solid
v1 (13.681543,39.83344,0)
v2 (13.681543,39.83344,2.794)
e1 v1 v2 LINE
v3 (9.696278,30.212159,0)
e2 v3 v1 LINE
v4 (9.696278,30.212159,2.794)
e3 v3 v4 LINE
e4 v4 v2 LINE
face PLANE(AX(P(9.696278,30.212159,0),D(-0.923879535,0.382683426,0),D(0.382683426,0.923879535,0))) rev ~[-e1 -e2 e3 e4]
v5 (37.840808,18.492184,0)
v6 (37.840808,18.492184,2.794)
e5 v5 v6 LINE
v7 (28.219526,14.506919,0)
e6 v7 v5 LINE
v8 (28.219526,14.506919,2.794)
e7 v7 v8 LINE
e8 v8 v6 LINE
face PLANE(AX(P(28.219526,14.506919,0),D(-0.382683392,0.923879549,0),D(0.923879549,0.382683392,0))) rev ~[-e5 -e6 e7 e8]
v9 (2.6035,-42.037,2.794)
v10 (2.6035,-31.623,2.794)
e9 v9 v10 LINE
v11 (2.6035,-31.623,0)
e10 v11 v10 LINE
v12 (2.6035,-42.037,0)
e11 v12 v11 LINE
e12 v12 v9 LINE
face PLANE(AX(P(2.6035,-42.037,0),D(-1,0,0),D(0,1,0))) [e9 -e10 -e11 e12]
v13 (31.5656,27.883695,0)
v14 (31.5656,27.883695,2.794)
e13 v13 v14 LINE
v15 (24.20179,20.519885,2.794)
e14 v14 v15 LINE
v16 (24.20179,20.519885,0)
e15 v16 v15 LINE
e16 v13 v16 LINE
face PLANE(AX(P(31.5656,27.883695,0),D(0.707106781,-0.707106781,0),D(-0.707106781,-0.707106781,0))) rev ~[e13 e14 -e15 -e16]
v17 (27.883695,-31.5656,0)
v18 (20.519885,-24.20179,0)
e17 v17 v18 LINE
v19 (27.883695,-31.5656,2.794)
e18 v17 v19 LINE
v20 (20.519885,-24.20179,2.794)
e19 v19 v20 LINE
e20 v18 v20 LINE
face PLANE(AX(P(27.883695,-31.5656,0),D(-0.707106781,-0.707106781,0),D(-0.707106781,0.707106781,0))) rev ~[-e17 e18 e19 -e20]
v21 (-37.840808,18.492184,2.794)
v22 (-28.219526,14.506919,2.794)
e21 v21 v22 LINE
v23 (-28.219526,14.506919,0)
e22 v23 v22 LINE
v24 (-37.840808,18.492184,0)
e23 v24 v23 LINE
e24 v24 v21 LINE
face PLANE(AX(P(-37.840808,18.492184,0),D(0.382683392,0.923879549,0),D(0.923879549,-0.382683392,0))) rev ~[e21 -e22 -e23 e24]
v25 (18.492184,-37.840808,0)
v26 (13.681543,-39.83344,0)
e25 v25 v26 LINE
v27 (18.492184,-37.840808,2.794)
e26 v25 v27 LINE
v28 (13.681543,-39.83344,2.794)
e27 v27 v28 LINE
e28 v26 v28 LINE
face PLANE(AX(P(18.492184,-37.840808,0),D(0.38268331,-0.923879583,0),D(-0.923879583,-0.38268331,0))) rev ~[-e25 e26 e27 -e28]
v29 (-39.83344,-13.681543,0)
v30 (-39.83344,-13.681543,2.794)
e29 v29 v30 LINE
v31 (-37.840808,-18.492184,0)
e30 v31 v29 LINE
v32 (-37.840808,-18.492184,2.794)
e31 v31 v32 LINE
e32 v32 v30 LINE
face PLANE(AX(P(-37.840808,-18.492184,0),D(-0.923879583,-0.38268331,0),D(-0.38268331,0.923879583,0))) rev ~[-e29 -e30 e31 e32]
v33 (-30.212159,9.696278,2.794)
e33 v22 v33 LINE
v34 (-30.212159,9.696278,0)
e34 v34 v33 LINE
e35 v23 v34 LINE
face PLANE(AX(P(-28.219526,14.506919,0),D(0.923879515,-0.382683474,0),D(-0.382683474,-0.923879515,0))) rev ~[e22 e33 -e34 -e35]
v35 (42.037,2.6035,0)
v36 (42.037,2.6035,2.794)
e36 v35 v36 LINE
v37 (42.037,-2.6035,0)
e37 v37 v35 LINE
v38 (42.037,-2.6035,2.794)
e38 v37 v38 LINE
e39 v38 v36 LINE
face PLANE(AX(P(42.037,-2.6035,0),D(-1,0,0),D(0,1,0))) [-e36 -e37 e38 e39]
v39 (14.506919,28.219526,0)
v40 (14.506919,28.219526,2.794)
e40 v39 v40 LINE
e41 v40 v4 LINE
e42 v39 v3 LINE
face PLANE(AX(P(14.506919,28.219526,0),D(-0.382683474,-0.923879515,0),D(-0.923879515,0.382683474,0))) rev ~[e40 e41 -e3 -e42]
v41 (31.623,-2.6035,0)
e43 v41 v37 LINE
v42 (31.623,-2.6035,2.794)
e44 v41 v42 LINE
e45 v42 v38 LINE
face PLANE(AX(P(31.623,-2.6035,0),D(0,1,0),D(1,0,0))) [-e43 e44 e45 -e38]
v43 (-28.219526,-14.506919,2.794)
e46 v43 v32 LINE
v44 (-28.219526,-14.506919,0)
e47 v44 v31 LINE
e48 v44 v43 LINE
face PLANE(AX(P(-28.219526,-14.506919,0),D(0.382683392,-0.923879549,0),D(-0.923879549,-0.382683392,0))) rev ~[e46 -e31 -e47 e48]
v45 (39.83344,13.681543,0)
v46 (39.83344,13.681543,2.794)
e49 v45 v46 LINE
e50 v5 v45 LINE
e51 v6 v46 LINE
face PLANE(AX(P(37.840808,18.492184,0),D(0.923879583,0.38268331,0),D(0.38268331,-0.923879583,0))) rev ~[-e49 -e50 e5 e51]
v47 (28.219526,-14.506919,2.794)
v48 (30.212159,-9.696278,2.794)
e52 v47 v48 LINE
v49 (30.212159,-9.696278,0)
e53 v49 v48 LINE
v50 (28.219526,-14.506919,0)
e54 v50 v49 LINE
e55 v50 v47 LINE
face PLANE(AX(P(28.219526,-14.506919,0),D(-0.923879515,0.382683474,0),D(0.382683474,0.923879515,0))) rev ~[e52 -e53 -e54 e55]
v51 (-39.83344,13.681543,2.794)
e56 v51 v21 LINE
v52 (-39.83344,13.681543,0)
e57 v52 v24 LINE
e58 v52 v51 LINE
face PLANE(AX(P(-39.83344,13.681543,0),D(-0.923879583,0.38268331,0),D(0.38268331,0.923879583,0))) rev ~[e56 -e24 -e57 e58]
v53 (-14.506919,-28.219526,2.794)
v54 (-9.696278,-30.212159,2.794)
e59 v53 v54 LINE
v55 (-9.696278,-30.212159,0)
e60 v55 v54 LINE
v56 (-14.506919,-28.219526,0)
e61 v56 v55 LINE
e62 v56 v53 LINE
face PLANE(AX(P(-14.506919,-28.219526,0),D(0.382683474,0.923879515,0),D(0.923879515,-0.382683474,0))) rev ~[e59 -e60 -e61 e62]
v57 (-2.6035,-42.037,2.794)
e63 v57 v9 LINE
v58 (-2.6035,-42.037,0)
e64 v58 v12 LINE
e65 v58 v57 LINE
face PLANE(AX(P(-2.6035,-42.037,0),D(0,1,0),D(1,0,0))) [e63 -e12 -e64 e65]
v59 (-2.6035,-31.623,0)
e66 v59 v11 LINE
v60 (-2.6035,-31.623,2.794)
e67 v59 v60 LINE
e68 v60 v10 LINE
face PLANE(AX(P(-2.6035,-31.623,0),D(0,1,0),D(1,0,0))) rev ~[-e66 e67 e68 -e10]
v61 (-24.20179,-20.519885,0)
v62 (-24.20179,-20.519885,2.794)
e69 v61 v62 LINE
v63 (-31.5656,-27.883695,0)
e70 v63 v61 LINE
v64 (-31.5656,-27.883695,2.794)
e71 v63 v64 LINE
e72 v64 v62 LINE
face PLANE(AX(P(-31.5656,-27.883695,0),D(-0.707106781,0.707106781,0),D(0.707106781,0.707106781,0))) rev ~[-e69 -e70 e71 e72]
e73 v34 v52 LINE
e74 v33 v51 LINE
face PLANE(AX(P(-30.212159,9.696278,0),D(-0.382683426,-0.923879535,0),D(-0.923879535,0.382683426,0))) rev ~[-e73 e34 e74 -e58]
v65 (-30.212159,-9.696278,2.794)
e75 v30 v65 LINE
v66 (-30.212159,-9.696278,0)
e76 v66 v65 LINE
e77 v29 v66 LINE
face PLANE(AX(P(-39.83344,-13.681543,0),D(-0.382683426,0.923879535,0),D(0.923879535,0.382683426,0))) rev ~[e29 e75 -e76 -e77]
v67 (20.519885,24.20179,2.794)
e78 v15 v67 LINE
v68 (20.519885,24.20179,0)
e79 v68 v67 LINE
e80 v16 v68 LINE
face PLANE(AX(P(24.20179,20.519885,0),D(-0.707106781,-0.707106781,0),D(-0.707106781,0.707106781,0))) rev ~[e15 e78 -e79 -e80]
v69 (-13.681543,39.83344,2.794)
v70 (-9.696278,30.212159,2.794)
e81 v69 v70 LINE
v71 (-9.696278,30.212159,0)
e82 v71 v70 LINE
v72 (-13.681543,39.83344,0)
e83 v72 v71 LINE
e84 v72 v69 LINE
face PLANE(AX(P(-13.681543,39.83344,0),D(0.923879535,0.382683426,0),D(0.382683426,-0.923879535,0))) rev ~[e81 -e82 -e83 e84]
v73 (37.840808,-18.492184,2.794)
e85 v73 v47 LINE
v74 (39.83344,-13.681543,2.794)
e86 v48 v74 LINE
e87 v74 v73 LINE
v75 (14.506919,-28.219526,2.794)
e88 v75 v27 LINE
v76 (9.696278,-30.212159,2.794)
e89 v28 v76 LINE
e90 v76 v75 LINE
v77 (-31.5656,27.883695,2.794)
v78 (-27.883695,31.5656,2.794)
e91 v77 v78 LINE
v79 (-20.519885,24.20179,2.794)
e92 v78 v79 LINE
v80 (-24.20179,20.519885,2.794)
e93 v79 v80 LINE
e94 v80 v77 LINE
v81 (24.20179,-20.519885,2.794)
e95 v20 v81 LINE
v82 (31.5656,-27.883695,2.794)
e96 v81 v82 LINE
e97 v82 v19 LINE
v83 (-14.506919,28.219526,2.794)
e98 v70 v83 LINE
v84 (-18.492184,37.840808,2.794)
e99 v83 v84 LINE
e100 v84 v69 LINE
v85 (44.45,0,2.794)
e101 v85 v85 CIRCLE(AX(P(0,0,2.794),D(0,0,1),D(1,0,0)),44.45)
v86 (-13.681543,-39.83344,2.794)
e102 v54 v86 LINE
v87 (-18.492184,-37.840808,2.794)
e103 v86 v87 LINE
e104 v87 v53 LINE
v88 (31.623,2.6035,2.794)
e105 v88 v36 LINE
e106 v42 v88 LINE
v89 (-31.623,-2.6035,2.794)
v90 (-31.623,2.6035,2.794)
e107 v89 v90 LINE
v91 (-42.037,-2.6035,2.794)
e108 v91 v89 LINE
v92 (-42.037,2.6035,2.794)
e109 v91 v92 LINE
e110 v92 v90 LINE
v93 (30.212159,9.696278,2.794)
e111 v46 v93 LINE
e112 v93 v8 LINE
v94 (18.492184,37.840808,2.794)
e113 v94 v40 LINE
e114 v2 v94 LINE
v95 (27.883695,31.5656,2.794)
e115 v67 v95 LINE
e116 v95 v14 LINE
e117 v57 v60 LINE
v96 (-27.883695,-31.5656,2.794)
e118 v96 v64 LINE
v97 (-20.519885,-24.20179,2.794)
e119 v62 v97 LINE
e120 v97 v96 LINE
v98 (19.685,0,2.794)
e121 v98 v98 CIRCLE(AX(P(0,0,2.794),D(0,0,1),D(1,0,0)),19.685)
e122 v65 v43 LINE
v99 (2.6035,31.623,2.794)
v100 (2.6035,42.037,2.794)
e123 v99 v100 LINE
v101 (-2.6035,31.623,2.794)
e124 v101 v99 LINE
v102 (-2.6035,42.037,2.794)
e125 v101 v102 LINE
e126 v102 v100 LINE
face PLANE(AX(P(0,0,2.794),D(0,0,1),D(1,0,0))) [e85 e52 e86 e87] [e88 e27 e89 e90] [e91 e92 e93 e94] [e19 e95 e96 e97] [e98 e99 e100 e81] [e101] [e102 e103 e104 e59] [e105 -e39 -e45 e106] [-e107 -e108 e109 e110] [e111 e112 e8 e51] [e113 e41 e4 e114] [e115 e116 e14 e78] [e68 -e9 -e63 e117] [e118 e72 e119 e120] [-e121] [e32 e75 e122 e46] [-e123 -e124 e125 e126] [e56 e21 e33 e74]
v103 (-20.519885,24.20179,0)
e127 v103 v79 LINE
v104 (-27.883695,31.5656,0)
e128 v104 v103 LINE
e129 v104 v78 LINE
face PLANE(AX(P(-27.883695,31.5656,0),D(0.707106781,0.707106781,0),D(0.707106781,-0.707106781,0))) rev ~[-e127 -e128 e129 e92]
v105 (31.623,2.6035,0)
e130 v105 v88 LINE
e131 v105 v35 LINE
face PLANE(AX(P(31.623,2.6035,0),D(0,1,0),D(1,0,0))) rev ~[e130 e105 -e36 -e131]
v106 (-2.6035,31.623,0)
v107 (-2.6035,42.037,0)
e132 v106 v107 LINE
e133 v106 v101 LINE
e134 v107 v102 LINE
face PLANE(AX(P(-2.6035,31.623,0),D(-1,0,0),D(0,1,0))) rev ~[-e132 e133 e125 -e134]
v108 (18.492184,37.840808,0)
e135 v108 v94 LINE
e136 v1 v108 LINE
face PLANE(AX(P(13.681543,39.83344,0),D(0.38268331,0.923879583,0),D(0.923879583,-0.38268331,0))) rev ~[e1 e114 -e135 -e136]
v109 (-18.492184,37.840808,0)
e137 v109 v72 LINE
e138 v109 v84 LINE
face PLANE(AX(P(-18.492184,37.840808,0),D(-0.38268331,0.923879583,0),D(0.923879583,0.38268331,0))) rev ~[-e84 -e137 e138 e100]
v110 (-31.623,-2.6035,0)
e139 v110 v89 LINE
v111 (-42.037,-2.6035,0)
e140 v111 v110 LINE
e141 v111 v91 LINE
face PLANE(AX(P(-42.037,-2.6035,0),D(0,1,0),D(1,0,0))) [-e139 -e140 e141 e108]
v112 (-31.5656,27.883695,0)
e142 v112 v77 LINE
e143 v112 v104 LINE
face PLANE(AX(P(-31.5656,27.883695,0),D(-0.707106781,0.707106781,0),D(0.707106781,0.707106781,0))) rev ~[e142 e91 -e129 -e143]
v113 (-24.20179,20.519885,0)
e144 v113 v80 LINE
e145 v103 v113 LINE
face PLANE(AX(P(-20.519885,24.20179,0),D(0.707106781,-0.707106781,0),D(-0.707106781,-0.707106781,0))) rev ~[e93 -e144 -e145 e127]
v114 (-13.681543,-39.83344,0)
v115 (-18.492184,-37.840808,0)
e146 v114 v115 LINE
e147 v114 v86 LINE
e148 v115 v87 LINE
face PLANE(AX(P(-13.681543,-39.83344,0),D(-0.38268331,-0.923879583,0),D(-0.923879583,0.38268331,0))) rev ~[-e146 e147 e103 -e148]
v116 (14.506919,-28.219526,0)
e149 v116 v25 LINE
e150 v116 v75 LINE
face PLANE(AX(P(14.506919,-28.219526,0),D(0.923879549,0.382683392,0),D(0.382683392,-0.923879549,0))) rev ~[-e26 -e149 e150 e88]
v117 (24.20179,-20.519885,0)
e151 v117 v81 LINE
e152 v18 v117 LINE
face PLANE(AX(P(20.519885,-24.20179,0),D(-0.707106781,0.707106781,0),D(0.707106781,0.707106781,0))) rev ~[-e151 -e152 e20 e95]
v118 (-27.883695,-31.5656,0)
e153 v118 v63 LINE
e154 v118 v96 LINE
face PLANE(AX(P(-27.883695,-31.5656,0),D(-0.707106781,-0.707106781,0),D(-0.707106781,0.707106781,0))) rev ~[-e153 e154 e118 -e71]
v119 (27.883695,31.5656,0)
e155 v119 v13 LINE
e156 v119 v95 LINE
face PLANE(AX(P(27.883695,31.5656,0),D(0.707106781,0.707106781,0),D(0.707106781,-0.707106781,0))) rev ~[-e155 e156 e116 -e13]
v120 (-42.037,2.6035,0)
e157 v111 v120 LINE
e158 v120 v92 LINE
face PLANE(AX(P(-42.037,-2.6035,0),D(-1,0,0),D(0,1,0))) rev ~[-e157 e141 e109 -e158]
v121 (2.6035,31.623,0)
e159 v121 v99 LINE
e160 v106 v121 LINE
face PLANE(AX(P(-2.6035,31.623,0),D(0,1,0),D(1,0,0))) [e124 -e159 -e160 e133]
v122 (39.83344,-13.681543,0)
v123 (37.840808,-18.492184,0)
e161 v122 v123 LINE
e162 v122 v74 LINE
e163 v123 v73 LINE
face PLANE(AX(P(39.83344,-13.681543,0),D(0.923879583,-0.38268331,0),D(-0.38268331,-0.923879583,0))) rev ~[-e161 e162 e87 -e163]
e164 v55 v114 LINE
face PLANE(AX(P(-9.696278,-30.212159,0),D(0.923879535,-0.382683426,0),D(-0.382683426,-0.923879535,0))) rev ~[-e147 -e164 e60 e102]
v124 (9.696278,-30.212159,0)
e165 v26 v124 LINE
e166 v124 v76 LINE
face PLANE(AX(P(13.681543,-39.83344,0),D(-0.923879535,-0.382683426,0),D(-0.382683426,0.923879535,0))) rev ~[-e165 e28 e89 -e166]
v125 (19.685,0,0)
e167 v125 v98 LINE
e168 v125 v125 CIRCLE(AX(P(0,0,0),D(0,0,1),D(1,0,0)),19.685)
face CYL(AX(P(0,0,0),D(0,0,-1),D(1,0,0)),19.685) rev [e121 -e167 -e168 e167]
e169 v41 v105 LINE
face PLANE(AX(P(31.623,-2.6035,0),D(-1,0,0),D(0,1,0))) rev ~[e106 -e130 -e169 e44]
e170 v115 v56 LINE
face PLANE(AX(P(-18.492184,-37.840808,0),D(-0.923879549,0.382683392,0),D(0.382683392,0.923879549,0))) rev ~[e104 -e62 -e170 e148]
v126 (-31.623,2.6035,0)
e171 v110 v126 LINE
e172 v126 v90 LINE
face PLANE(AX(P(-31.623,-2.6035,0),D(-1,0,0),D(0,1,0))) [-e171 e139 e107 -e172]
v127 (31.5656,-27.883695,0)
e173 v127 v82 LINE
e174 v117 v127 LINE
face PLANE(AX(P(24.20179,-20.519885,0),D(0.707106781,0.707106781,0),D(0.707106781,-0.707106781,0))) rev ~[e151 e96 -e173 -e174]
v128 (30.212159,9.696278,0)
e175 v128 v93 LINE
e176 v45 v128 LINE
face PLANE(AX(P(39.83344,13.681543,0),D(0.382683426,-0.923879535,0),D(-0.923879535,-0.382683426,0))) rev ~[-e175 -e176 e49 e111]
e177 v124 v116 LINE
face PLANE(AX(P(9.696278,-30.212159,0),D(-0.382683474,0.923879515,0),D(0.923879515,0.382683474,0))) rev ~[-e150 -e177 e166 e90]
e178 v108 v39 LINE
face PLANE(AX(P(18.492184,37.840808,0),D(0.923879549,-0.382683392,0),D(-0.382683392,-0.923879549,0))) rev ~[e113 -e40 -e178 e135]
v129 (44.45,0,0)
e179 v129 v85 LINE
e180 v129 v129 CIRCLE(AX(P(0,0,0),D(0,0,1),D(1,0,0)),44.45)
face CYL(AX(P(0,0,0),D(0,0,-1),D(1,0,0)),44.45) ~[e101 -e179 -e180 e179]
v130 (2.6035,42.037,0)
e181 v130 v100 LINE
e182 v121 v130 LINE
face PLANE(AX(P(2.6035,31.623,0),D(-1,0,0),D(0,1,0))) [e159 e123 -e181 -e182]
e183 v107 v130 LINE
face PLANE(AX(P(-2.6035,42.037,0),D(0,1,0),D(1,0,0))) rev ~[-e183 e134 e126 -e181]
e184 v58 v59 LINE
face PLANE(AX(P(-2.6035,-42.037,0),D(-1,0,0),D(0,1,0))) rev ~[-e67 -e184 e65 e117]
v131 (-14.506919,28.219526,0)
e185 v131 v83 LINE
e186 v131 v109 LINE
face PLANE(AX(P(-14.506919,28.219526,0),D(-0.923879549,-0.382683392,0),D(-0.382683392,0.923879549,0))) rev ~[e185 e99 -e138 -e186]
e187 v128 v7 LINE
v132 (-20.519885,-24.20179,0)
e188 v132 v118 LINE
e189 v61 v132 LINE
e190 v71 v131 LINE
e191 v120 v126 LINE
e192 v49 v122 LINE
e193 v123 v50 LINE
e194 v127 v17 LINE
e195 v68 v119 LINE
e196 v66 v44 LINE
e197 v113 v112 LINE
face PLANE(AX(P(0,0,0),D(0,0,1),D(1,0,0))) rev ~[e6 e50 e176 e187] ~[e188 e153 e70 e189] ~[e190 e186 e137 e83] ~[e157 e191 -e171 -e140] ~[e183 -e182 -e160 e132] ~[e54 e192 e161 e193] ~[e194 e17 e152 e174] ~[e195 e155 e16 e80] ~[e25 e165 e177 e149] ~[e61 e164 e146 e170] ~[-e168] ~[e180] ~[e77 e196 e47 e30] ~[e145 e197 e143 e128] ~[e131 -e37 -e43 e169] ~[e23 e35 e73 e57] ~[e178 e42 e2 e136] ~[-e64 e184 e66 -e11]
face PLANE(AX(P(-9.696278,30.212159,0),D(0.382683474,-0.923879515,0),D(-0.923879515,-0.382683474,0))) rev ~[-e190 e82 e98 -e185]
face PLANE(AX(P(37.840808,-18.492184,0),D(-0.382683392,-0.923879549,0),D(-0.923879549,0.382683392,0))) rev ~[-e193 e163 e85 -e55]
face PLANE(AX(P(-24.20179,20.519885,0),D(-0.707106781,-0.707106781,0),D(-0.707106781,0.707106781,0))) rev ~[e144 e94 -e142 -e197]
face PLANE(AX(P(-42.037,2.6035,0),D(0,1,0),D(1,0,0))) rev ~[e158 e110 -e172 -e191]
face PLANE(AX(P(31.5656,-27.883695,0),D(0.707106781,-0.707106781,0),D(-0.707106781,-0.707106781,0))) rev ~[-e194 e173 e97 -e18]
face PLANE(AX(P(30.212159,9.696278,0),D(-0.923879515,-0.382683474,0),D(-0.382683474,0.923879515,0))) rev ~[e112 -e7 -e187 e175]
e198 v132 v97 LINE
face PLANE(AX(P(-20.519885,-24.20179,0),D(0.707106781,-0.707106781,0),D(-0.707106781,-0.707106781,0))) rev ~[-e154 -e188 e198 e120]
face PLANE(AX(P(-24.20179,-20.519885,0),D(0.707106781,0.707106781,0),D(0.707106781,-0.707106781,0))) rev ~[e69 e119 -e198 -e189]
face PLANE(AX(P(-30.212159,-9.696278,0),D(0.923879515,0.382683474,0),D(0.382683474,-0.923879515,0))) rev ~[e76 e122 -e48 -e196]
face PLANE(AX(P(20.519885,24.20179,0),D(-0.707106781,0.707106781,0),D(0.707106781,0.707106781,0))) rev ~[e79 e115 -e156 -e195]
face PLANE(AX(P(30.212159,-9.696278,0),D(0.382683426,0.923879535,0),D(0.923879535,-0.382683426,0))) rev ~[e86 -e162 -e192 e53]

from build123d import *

# Parameters (mm, degrees)
F0_R     = 44.45
F0_W     = 5.207
F0_H     = 10.414
F0_W_2   = 10.414
F0_H_2   = 5.207
F0_R_2   = 19.685
F1_DEPTH = 2.794


with BuildPart() as f1:
    # F0 (on Top) → F1 (new body)
    with BuildSketch(Plane.XY):
        Circle(F0_R)
        Polygon((-24.20179, -20.519885), (-20.519885, -24.20179), (-27.883695, -31.5656), (-31.5656, -27.883695), align=None, mode=Mode.SUBTRACT)
        Polygon((-14.506919, -28.219526), (-9.696278, -30.212159), (-13.681543, -39.83344), (-18.492184, -37.840808), align=None, mode=Mode.SUBTRACT)
        Polygon((-30.212159, -9.696278), (-28.219526, -14.506919), (-37.840808, -18.492184), (-39.83344, -13.681543), align=None, mode=Mode.SUBTRACT)
        with Locations((0, -36.83)):
            Rectangle(F0_W, F0_H, mode=Mode.SUBTRACT)
        Polygon((9.696278, -30.212159), (14.506919, -28.219526), (18.492184, -37.840808), (13.681543, -39.83344), align=None, mode=Mode.SUBTRACT)
        Polygon((20.519885, -24.20179), (24.20179, -20.519885), (31.5656, -27.883695), (27.883695, -31.5656), align=None, mode=Mode.SUBTRACT)
        Polygon((28.219526, -14.506919), (30.212159, -9.696278), (39.83344, -13.681543), (37.840808, -18.492184), align=None, mode=Mode.SUBTRACT)
        with Locations((-36.83, 0)):
            Rectangle(F0_W_2, F0_H_2, mode=Mode.SUBTRACT)
        Polygon((-28.219526, 14.506919), (-30.212159, 9.696278), (-39.83344, 13.681543), (-37.840808, 18.492184), align=None, mode=Mode.SUBTRACT)
        Polygon((-20.519885, 24.20179), (-24.20179, 20.519885), (-31.5656, 27.883695), (-27.883695, 31.5656), align=None, mode=Mode.SUBTRACT)
        Polygon((-9.696278, 30.212159), (-14.506919, 28.219526), (-18.492184, 37.840808), (-13.681543, 39.83344), align=None, mode=Mode.SUBTRACT)
        Circle(F0_R_2, mode=Mode.SUBTRACT)
        with Locations((36.83, 0)):
            Rectangle(F0_W_2, F0_H_2, mode=Mode.SUBTRACT)
        Polygon((30.212159, 9.696278), (28.219526, 14.506919), (37.840808, 18.492184), (39.83344, 13.681543), align=None, mode=Mode.SUBTRACT)
        with Locations((0, 36.83)):
            Rectangle(F0_W, F0_H, mode=Mode.SUBTRACT)
        Polygon((14.506919, 28.219526), (9.696278, 30.212159), (13.681543, 39.83344), (18.492184, 37.840808), align=None, mode=Mode.SUBTRACT)
        Polygon((24.20179, 20.519885), (20.519885, 24.20179), (27.883695, 31.5656), (31.5656, 27.883695), align=None, mode=Mode.SUBTRACT)
    extrude(amount=F1_DEPTH)


solid = f1.part
